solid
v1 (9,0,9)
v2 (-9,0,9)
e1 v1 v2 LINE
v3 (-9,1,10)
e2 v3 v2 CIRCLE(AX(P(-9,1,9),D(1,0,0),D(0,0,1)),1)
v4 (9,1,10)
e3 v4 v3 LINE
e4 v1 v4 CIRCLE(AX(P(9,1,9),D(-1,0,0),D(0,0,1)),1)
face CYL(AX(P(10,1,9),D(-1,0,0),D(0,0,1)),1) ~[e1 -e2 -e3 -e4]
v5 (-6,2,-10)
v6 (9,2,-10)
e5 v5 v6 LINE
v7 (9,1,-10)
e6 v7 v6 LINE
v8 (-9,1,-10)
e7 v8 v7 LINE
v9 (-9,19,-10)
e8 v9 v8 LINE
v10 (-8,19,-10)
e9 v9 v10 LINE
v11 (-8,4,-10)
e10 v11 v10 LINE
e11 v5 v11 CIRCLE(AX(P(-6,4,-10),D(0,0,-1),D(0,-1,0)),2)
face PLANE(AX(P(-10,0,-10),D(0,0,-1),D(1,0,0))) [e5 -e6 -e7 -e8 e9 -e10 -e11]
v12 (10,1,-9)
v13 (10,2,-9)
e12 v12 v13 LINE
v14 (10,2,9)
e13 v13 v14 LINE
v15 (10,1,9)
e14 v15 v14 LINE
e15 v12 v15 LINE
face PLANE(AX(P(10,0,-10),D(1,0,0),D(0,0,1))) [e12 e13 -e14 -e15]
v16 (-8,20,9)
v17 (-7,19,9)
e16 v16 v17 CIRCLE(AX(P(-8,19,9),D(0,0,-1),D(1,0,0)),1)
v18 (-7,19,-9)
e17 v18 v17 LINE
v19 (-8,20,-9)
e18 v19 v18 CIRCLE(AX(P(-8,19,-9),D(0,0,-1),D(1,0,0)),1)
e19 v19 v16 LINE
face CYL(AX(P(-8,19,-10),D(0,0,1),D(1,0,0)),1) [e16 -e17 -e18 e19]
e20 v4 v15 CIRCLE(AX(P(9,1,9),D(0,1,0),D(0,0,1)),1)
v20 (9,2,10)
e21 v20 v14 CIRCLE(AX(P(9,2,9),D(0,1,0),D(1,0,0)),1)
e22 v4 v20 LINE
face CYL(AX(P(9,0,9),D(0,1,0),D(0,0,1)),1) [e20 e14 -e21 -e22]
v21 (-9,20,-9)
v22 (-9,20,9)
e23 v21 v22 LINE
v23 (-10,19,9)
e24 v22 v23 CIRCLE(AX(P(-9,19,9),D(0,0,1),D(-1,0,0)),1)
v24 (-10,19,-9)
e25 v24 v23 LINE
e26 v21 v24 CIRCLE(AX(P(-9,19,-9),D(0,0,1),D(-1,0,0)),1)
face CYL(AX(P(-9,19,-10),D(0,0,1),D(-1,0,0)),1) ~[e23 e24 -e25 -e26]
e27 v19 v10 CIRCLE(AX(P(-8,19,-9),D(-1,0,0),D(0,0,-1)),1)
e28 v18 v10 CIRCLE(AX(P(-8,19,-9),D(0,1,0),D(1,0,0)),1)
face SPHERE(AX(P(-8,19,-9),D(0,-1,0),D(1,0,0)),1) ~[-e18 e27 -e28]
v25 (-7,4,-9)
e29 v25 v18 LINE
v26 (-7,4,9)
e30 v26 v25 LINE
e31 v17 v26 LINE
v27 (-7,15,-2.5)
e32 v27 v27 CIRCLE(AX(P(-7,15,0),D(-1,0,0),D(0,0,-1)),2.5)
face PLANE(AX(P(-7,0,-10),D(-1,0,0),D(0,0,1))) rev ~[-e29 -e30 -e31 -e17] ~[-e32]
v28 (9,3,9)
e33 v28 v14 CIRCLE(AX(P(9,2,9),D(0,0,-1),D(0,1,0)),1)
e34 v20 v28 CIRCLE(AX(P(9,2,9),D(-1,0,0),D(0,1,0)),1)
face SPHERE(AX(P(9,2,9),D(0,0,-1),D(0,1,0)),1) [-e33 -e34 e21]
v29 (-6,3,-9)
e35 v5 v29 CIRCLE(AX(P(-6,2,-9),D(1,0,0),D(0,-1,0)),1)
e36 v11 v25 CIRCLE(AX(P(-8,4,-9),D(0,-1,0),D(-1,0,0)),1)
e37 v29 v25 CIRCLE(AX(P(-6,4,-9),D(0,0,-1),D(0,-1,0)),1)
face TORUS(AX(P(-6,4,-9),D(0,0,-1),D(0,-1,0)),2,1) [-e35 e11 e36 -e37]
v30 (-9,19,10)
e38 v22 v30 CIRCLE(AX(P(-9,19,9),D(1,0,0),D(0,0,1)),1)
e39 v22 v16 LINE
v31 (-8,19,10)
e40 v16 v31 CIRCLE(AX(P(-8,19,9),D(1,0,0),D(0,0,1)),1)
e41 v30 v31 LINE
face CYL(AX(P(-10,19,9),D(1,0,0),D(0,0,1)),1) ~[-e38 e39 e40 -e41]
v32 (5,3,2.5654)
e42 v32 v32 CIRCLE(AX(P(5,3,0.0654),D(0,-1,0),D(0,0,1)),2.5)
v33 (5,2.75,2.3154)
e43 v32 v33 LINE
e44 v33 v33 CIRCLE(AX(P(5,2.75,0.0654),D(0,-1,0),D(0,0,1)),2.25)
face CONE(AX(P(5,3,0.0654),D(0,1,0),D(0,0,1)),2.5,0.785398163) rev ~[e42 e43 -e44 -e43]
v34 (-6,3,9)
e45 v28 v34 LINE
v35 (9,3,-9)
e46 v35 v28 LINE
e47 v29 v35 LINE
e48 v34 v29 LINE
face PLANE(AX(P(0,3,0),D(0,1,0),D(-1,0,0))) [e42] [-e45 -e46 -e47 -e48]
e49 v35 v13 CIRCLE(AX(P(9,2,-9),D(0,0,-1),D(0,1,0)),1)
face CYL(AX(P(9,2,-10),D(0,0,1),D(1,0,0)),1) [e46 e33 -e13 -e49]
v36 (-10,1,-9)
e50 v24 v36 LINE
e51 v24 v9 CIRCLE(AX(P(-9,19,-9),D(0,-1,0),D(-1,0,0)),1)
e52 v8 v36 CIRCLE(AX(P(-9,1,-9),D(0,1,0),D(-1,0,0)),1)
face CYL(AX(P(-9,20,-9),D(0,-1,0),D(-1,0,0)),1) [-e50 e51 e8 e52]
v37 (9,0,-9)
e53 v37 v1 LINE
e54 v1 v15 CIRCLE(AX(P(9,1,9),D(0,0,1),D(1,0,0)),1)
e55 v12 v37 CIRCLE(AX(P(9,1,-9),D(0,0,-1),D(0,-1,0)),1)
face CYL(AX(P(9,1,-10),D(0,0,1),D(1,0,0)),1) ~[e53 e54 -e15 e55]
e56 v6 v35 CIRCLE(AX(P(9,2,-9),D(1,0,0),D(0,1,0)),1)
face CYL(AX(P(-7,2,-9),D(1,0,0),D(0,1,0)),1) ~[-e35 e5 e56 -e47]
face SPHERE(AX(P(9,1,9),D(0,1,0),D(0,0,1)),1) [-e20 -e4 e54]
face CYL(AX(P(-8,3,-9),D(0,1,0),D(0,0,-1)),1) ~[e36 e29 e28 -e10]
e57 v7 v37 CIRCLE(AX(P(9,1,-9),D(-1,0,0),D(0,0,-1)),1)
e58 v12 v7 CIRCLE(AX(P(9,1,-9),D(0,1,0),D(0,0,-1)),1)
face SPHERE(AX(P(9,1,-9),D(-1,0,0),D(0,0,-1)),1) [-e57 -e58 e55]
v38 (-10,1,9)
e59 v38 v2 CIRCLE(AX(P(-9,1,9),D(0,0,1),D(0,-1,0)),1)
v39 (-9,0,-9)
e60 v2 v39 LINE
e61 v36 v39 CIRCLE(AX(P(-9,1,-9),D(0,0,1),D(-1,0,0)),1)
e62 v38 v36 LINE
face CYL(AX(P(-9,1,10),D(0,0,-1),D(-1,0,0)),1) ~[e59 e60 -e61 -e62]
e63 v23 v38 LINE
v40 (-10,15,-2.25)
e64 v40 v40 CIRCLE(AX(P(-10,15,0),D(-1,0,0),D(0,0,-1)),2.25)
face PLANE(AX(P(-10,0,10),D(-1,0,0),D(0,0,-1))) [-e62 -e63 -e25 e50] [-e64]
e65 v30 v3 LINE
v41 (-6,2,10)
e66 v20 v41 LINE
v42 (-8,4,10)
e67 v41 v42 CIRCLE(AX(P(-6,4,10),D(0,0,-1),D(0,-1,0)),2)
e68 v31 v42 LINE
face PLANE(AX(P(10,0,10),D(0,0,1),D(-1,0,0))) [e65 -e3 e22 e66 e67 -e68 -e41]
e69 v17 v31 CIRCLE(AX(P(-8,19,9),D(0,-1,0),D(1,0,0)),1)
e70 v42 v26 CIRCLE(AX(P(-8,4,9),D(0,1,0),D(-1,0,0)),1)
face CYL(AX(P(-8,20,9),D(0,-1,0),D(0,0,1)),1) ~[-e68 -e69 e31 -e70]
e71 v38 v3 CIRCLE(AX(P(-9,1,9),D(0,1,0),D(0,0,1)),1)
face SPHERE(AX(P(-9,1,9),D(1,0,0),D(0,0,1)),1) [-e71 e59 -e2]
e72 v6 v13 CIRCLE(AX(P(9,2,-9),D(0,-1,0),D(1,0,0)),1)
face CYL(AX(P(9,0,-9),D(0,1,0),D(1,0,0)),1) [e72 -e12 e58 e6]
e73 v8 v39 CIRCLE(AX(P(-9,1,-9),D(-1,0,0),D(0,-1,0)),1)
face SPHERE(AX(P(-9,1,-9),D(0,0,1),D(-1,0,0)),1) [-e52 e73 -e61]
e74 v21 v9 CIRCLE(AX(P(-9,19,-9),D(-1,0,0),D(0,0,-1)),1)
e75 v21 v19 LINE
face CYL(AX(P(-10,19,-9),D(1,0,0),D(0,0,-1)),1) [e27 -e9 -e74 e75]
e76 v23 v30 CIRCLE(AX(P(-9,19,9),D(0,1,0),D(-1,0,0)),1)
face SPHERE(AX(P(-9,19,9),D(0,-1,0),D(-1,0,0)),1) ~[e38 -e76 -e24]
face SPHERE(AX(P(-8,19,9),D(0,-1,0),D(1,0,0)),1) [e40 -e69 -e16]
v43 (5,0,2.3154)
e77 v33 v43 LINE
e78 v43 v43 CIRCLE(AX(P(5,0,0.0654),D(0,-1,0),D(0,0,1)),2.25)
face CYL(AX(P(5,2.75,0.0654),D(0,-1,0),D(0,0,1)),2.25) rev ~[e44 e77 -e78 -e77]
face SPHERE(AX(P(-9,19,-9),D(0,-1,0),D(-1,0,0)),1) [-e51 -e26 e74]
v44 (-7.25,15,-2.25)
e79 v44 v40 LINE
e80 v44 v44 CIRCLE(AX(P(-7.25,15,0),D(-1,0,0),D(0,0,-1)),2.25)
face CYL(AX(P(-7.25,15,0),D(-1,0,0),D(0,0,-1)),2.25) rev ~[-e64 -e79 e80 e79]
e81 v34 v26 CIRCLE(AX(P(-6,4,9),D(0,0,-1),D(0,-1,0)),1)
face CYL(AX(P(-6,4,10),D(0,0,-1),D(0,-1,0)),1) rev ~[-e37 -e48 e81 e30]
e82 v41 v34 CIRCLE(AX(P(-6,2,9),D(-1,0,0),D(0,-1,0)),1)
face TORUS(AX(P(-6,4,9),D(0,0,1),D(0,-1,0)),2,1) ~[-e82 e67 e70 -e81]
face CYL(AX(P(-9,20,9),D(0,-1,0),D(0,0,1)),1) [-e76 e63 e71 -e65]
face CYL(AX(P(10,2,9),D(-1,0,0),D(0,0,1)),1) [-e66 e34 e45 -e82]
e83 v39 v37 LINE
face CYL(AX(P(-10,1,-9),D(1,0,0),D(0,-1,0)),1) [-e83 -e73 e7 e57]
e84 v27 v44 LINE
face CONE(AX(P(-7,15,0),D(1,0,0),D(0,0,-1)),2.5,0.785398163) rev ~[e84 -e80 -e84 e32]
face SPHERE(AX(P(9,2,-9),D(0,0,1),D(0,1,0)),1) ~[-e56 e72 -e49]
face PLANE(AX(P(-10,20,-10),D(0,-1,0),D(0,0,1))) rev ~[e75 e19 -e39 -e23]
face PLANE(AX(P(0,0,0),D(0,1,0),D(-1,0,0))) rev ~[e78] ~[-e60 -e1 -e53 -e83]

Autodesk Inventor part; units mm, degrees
ref_plane "YZ Plane" through (0, 0, 0) normal (1, 0, 0) x (0, 1, 0)
ref_plane "XZ Plane" through (0, 0, 0) normal (0, 1, 0) x (-1, 0, 0)
ref_plane "XY Plane" through (0, 0, 0) normal (0, 0, 1) x (1, 0, 0)
sketch "Esquisse1" plane through (0, 0, 0) normal (0, 1, 0) x (-1, 0, 0)
  line L0 (-10, 10) -> (10, 10)
  line L1 (10, 10) -> (10, -10)
  line L2 (10, -10) -> (-10, -10)
  line L3 (-10, -10) -> (-10, 10)
  line L4 (-10, 10) -> (10, -10) construction
  line L5 (10, 10) -> (-10, -10) construction
  point P0 (0, 0)
  dimension "d0" = 20
  dimension "d1" = 20
extrude "Extrusion1" add sketch "Esquisse1" along normal blind 3
sketch "Esquisse2" plane through (-10, 0, -10) normal (-1, 0, 0) x (0, 0, 1)
  line L0 (0, 20) -> (20, 20)
  line L1 (20, 20) -> (20, 3)
  line L2 (20, 3) -> (0, 3)
  line L3 (0, 3) -> (0, 20)
  line L4 (0, 20) -> (20, 3) construction
  line L5 (20, 20) -> (0, 3) construction
  line L6 (0, 0) -> (20, 0) projected
  point P0 (10, 0)
  point P1 (10, 11.5)
  dimension "d4" = 20
  dimension "d5" = 17
  dimension "d6" = 3
extrude "Extrusion2" add sketch "Esquisse2" against normal blind 3
fillet "Congé1" radius 1 18 edges at (10, 3, 0) (1.5, 3, 10) (10, 1.5, 10) (-7, 11.5, 10) (0, 0, 10) (-10, 10, 10) (-10, 0, 0) (-10, 10, -10) (0, 0, -10) (1.5, 3, -10) (-7, 11.5, -10) (10, 1.5, -10) (10, 0, 0) (-7, 3, 0) (-7, 20, 0) (-10, 20, 0) (-8.5, 20, 10) (-8.5, 20, -10)
sketch "Esquisse3" plane through (0, 3, 0) normal (0, 1, 0) x (1, 0, 0)
  line L0 (10, -9) -> (10, 9) projected
  point P0 (0, 0)
  point P1 (5, -0.0654)
  dimension "d24" = 5
hole "Perçage1" at (5, 3, 0.0654) direction (0, -1, 0) diameter 4.5 depth 16.2 tip angle 118 countersink diameter 5 countersink angle 90 clearance for "Vis à tête plate fraisée ISO 2009/7046" size "M4" standard "ISO"
sketch "Esquisse4" plane through (-7, 0, -10) normal (1, 0, 0) x (0, 0, -1)
  line L0 (-1, 20) -> (-19, 20) projected
  line L1 (-20, 19) -> (-20, 4) projected
  point P0 (-10, 0)
  point P1 (-10, 15)
  dimension "d25" = 5
  dimension "d26" = 10
hole "Perçage2" at (-7, 15, 0) direction (-1, 0, 0) diameter 4.5 depth 16.2 tip angle 118 countersink diameter 5 countersink angle 90 clearance for "Vis à tête plate fraisée ISO 2009/7046" size "M4" standard "ISO"
properties part number "Aquerre"
